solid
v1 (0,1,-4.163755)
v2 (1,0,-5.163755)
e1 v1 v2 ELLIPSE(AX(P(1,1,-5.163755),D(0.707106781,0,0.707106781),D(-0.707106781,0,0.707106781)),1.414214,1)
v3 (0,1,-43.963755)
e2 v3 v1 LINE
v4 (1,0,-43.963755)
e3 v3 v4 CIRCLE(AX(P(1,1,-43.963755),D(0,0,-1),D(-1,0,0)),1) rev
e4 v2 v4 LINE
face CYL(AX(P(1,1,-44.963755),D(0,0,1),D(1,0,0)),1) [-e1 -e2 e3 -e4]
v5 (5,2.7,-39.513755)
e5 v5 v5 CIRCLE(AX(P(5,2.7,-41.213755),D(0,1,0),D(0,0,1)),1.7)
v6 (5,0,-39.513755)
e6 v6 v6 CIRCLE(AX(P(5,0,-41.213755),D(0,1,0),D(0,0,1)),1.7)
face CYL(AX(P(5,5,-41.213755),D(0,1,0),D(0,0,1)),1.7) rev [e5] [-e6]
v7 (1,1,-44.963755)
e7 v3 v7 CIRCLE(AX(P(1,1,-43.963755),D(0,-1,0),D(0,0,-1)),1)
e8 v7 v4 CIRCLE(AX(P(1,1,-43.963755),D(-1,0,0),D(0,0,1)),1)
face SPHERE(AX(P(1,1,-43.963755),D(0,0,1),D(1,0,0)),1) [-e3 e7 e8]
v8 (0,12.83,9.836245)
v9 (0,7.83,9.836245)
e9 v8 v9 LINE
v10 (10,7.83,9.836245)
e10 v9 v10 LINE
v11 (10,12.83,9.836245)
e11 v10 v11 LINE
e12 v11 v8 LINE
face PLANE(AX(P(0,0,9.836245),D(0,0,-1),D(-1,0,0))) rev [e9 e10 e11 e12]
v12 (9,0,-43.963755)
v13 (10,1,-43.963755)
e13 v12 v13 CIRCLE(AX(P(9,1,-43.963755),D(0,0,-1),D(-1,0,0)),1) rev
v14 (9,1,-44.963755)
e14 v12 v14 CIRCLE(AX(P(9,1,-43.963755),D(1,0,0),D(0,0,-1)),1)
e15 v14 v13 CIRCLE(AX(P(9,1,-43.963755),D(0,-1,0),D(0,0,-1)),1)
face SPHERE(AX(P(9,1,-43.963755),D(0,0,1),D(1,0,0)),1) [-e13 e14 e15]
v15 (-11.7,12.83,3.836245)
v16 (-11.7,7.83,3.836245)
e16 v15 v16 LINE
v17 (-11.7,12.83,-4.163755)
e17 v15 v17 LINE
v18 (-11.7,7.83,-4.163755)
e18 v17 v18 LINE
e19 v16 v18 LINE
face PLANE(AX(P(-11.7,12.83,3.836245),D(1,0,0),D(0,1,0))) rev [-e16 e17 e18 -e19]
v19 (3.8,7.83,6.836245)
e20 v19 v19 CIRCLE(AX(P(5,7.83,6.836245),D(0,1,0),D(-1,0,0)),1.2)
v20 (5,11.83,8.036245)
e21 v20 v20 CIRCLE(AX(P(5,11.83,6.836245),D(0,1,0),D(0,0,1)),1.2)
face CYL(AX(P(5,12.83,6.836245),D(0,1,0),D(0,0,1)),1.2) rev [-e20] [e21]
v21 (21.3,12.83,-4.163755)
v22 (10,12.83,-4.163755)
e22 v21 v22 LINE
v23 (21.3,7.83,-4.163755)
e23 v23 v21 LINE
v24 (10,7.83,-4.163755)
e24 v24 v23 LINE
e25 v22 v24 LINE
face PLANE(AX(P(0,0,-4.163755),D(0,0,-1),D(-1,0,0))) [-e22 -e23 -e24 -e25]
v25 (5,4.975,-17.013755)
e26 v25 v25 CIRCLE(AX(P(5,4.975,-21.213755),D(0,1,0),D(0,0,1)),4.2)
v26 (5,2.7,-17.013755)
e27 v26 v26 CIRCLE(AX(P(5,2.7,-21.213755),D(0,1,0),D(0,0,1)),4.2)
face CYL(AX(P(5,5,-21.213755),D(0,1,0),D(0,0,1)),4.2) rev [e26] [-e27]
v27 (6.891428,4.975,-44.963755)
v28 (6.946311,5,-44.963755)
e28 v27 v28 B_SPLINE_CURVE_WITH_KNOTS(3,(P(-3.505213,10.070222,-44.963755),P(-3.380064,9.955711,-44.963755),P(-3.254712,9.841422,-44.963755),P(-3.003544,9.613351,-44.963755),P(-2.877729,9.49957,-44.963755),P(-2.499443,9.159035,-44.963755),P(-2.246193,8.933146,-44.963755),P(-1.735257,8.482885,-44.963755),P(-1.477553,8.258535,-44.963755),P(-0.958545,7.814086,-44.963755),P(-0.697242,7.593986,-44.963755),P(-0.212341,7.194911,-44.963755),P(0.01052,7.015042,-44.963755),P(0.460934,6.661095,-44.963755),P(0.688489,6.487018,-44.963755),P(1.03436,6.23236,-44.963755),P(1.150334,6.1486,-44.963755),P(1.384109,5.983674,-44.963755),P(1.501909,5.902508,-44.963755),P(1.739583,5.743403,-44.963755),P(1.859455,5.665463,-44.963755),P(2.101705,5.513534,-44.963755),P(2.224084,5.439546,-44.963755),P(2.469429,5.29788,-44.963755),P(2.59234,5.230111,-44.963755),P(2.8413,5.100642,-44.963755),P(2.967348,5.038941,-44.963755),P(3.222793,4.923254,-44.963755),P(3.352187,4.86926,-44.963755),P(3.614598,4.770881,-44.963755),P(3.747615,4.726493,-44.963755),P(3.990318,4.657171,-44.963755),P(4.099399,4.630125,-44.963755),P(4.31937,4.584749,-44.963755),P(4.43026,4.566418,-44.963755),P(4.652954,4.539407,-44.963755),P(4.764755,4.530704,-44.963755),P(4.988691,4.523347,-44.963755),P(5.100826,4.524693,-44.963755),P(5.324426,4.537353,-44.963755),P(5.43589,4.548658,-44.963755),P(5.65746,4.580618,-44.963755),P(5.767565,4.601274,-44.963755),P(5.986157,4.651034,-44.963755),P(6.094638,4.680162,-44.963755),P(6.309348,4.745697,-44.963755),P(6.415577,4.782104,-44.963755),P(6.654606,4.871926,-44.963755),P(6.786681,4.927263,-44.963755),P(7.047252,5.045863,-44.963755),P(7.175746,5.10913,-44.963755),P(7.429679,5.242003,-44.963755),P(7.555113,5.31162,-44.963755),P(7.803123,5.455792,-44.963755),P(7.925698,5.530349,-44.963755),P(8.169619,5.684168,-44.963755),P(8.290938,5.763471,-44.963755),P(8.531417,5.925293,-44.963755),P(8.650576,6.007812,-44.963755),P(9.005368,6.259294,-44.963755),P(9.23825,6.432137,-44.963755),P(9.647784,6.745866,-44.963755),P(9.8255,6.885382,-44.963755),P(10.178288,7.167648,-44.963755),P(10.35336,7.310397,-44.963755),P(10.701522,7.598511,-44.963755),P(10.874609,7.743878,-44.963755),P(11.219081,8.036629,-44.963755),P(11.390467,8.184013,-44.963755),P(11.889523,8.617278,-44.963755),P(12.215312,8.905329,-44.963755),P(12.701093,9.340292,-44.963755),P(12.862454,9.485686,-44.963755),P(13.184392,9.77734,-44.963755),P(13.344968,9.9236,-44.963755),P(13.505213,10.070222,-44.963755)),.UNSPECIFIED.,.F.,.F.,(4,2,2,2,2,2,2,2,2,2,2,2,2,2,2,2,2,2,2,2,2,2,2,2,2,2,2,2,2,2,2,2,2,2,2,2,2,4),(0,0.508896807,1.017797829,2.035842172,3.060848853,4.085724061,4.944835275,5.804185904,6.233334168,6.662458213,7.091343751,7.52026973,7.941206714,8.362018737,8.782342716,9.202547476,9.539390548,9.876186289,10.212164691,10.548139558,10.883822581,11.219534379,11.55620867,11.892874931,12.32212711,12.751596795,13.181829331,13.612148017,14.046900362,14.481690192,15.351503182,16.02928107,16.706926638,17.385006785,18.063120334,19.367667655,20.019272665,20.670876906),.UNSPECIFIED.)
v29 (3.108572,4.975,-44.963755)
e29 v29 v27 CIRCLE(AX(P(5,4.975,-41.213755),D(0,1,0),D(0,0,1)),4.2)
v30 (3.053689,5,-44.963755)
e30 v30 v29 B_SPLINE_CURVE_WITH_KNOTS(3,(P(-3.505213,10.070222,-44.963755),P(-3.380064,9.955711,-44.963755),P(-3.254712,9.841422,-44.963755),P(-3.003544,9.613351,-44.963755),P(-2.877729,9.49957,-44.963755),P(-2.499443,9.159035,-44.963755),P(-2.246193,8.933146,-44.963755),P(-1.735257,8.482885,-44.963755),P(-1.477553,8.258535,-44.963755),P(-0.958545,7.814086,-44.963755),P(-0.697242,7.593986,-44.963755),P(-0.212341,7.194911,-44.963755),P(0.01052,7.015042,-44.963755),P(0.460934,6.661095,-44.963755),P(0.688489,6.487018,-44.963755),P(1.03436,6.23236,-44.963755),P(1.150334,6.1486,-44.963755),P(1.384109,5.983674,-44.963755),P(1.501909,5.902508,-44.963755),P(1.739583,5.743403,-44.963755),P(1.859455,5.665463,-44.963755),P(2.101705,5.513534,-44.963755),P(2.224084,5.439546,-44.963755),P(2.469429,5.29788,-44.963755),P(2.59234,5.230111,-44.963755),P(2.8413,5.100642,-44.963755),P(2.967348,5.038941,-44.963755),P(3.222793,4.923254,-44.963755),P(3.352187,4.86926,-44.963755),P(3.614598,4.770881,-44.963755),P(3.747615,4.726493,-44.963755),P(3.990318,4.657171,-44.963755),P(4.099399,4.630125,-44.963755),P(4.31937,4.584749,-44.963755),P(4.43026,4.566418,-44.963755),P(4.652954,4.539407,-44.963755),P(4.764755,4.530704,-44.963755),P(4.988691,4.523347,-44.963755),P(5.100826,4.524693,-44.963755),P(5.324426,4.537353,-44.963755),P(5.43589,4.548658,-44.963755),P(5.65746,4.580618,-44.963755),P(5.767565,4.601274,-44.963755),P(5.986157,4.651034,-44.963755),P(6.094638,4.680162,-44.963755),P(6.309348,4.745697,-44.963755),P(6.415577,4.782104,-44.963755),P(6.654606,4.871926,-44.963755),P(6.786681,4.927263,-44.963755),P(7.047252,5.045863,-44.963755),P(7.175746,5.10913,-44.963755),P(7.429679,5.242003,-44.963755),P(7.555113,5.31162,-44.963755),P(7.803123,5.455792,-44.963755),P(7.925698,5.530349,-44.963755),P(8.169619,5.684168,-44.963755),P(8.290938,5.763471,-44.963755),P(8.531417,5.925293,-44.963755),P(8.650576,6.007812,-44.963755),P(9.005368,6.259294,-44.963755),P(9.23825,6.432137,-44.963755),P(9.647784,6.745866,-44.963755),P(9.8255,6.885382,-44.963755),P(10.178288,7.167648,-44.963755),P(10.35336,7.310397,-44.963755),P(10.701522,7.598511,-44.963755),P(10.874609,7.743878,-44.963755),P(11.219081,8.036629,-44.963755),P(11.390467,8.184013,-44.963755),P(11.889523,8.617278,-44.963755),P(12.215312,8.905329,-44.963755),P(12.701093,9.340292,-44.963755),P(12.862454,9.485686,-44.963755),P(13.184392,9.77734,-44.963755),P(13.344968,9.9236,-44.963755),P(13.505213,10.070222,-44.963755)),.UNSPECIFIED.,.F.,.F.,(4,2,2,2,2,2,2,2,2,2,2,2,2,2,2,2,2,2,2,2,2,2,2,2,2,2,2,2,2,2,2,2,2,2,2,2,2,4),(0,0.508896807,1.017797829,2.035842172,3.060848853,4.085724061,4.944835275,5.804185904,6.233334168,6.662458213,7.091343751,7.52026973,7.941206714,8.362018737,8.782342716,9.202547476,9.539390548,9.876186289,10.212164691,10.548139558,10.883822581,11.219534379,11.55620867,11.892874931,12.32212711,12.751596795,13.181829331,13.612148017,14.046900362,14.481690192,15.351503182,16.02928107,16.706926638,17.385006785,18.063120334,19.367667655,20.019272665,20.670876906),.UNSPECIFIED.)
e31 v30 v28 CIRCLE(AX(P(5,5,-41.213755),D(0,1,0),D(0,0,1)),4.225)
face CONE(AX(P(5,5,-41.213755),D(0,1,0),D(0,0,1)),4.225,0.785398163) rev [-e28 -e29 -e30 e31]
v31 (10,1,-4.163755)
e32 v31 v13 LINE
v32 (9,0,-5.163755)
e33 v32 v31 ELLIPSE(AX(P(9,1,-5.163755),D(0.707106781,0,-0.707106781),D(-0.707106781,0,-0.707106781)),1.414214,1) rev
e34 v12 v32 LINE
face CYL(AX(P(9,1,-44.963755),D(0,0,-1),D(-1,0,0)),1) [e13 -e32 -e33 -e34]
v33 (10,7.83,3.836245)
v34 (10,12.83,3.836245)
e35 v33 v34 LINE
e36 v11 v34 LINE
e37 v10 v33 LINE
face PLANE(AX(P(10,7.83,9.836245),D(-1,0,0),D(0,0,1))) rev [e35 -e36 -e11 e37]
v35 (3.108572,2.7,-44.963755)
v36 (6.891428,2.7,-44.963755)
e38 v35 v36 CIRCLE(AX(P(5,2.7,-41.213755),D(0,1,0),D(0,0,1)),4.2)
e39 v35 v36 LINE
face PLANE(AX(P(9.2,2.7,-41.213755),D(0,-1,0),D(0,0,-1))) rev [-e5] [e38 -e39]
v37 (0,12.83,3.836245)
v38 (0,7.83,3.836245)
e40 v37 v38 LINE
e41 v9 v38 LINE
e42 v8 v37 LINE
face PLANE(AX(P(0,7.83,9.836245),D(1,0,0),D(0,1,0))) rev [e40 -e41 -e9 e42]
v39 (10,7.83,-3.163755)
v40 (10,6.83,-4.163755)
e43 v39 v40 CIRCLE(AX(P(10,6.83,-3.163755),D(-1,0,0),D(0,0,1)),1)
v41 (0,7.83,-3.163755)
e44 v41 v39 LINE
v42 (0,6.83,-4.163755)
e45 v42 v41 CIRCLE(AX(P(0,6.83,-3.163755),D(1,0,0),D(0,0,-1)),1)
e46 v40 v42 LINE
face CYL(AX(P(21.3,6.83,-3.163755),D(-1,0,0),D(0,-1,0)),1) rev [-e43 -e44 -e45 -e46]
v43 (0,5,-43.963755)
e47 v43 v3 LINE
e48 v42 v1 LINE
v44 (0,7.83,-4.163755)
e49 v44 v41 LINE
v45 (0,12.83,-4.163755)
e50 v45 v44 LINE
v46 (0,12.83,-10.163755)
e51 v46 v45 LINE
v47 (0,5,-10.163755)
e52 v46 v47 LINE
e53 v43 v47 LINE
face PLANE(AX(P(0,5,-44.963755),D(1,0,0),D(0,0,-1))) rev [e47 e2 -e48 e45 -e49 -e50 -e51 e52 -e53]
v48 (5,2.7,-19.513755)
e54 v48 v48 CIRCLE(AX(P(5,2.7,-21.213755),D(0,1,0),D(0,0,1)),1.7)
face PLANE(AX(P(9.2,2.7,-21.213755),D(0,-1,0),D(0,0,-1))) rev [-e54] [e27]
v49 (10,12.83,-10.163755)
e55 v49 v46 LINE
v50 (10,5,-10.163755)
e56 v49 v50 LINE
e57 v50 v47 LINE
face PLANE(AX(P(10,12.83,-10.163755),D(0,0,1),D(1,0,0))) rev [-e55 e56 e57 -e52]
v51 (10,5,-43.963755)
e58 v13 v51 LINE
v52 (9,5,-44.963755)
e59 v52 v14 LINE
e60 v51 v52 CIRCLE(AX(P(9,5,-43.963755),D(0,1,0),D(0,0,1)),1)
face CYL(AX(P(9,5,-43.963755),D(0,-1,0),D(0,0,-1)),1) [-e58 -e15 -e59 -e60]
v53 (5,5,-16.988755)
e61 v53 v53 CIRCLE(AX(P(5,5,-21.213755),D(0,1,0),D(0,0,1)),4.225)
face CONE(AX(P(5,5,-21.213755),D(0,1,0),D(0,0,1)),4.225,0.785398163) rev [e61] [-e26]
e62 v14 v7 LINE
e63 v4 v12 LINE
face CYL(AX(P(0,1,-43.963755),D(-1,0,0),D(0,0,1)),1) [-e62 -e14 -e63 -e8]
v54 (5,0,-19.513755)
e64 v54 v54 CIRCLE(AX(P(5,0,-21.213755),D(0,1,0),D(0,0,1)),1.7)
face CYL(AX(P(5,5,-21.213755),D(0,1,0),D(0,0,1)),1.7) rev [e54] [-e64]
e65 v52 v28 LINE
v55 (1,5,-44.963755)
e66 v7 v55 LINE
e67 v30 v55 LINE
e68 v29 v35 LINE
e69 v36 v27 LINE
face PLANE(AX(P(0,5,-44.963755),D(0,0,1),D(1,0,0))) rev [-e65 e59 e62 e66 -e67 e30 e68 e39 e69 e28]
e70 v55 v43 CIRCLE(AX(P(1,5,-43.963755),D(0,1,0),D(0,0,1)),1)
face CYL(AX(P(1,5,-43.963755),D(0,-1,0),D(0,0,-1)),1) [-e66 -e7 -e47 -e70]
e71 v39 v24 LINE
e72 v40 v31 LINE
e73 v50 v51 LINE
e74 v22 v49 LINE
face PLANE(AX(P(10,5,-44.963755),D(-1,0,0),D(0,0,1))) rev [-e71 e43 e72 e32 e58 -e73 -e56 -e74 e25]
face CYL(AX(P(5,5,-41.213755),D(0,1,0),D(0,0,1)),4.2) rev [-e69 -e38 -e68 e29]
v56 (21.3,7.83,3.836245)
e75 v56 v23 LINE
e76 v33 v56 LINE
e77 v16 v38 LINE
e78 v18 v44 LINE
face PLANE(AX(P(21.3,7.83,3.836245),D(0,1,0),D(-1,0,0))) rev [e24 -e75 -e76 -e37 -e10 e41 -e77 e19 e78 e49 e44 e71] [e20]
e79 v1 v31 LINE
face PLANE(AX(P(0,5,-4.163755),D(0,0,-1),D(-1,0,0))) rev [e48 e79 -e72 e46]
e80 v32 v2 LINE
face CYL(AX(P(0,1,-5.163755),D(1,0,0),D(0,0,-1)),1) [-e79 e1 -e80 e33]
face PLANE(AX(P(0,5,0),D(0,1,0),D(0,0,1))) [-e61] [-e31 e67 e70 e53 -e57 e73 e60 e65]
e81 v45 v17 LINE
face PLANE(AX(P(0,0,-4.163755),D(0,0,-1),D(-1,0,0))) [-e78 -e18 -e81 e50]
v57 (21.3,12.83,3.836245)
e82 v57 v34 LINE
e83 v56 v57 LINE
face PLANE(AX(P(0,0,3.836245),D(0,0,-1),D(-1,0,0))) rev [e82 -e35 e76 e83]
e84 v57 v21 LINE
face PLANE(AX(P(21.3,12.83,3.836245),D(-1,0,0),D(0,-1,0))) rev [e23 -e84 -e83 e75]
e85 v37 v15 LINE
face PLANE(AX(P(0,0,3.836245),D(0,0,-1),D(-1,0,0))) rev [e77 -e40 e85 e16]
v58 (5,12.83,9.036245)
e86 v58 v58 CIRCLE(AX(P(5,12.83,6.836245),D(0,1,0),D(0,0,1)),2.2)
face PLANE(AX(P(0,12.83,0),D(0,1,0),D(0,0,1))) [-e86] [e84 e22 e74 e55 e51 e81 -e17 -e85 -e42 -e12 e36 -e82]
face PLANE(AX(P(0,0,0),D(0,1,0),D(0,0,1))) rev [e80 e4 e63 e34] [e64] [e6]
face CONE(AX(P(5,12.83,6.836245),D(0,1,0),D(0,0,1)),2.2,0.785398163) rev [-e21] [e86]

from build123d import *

# Parameters (mm, degrees)
SKETCH1_W                                       = 10
SKETCH1_H                                       = 40.8
BOSS_EXTRUDE1_DEPTH                             = 5
SKETCH7_W                                       = 10
SKETCH7_H                                       = 6
BOSS_EXTRUDE2_DEPTH                             = 7.83
SKETCH8_W                                       = 33
SKETCH8_H                                       = 5
BOSS_EXTRUDE3_DEPTH                             = 8
SKETCH9_W                                       = 10
SKETCH9_H                                       = 5
BOSS_EXTRUDE4_DEPTH                             = 6
CSK_FOR_M2_FLAT_HEAD_MACHINE_SCREW1_D           = 2.4
CSK_FOR_M2_FLAT_HEAD_MACHINE_SCREW1_CSINK_D     = 4.4
CSK_FOR_M2_FLAT_HEAD_MACHINE_SCREW1_CSINK_ANGLE = 90
CBORE_FOR_M3_HEX_HEAD_MACHINE_SCREW1_AT_COUNT   = 2
CBORE_FOR_M3_HEX_HEAD_MACHINE_SCREW1_AT_PITCH   = 20
FILLET1_R                                       = 1


with BuildPart() as part:
    # Sketch1 → Boss-Extrude1 (new body)
    with BuildSketch(Plane(origin=(0, 0, 0), x_dir=(1, 0, 0), z_dir=(0, 1, 0))):
        with Locations((5, 24.563754531)):
            Rectangle(SKETCH1_W, SKETCH1_H)
    extrude(amount=BOSS_EXTRUDE1_DEPTH)

    # Sketch7 → Boss-Extrude2 (add)
    with BuildSketch(Plane(origin=(0, 5, 0), x_dir=(1, 0, 0), z_dir=(0, 1, 0))):
        with Locations((5, 7.163754531)):
            Rectangle(SKETCH7_W, SKETCH7_H)
    extrude(amount=BOSS_EXTRUDE2_DEPTH)

    # Sketch8 → Boss-Extrude3 (add)
    with BuildSketch(Plane.XY.offset(-4.163754531)):
        with Locations((4.8, 10.33)):
            Rectangle(SKETCH8_W, SKETCH8_H)
    extrude(amount=BOSS_EXTRUDE3_DEPTH)

    # Sketch9 → Boss-Extrude4 (add)
    with BuildSketch(Plane.XY.offset(3.836245469)):
        with Locations((5, 10.33)):
            Rectangle(SKETCH9_W, SKETCH9_H)
    extrude(amount=BOSS_EXTRUDE4_DEPTH)

    # CSK for M2 Flat Head Machine Screw1 (through all)
    with Locations(Plane(origin=(0, 12.83, 0), x_dir=(1, 0, 0), z_dir=(0, 1, 0))):
        with Locations((5, -6.836245469)):
            CounterSinkHole(CSK_FOR_M2_FLAT_HEAD_MACHINE_SCREW1_D / 2, CSK_FOR_M2_FLAT_HEAD_MACHINE_SCREW1_CSINK_D / 2, counter_sink_angle=CSK_FOR_M2_FLAT_HEAD_MACHINE_SCREW1_CSINK_ANGLE)

    # Sketch13 → CBORE for M3 Hex Head Machine Screw1 (revolve, cut)
    with BuildSketch(Plane(origin=(5, 5, -21.213754531), x_dir=(0, 0, 1), z_dir=(1, 0, 0))):
        Polygon((0, 0), (0, 5), (1.7, 5), (1.7, 2.3), (4.2, 2.3), (4.2, 0.025), (4.225, 0), align=None)
    cbore_for_m3_hex_head_machine_screw1 = revolve(axis=Axis((5, 11.35, -21.213754531), (0, -1, 0)), mode=Mode.SUBTRACT)

    # CBORE for M3 Hex Head Machine Screw1 at: CBORE for M3 Hex Head Machine Screw1 ×2
    with Locations(*[(0, 0, -i * CBORE_FOR_M3_HEX_HEAD_MACHINE_SCREW1_AT_PITCH) for i in range(1, CBORE_FOR_M3_HEX_HEAD_MACHINE_SCREW1_AT_COUNT)]):
        add(cbore_for_m3_hex_head_machine_screw1, mode=Mode.SUBTRACT)

    # Fillet1
    fillet1_edges = [part.edges().sort_by_distance(p)[0] for p in [
        (5, 7.83, -4.163754531),
        (5, 0, -44.963754531),
        (10, 0, -24.563754531),
        (5, 0, -4.163754531),
        (0, 0, -24.563754531),
        (0, 2.5, -44.963754531),
        (10, 2.5, -44.963754531),
    ]]
    fillet(fillet1_edges, radius=FILLET1_R)


solid = part.part
